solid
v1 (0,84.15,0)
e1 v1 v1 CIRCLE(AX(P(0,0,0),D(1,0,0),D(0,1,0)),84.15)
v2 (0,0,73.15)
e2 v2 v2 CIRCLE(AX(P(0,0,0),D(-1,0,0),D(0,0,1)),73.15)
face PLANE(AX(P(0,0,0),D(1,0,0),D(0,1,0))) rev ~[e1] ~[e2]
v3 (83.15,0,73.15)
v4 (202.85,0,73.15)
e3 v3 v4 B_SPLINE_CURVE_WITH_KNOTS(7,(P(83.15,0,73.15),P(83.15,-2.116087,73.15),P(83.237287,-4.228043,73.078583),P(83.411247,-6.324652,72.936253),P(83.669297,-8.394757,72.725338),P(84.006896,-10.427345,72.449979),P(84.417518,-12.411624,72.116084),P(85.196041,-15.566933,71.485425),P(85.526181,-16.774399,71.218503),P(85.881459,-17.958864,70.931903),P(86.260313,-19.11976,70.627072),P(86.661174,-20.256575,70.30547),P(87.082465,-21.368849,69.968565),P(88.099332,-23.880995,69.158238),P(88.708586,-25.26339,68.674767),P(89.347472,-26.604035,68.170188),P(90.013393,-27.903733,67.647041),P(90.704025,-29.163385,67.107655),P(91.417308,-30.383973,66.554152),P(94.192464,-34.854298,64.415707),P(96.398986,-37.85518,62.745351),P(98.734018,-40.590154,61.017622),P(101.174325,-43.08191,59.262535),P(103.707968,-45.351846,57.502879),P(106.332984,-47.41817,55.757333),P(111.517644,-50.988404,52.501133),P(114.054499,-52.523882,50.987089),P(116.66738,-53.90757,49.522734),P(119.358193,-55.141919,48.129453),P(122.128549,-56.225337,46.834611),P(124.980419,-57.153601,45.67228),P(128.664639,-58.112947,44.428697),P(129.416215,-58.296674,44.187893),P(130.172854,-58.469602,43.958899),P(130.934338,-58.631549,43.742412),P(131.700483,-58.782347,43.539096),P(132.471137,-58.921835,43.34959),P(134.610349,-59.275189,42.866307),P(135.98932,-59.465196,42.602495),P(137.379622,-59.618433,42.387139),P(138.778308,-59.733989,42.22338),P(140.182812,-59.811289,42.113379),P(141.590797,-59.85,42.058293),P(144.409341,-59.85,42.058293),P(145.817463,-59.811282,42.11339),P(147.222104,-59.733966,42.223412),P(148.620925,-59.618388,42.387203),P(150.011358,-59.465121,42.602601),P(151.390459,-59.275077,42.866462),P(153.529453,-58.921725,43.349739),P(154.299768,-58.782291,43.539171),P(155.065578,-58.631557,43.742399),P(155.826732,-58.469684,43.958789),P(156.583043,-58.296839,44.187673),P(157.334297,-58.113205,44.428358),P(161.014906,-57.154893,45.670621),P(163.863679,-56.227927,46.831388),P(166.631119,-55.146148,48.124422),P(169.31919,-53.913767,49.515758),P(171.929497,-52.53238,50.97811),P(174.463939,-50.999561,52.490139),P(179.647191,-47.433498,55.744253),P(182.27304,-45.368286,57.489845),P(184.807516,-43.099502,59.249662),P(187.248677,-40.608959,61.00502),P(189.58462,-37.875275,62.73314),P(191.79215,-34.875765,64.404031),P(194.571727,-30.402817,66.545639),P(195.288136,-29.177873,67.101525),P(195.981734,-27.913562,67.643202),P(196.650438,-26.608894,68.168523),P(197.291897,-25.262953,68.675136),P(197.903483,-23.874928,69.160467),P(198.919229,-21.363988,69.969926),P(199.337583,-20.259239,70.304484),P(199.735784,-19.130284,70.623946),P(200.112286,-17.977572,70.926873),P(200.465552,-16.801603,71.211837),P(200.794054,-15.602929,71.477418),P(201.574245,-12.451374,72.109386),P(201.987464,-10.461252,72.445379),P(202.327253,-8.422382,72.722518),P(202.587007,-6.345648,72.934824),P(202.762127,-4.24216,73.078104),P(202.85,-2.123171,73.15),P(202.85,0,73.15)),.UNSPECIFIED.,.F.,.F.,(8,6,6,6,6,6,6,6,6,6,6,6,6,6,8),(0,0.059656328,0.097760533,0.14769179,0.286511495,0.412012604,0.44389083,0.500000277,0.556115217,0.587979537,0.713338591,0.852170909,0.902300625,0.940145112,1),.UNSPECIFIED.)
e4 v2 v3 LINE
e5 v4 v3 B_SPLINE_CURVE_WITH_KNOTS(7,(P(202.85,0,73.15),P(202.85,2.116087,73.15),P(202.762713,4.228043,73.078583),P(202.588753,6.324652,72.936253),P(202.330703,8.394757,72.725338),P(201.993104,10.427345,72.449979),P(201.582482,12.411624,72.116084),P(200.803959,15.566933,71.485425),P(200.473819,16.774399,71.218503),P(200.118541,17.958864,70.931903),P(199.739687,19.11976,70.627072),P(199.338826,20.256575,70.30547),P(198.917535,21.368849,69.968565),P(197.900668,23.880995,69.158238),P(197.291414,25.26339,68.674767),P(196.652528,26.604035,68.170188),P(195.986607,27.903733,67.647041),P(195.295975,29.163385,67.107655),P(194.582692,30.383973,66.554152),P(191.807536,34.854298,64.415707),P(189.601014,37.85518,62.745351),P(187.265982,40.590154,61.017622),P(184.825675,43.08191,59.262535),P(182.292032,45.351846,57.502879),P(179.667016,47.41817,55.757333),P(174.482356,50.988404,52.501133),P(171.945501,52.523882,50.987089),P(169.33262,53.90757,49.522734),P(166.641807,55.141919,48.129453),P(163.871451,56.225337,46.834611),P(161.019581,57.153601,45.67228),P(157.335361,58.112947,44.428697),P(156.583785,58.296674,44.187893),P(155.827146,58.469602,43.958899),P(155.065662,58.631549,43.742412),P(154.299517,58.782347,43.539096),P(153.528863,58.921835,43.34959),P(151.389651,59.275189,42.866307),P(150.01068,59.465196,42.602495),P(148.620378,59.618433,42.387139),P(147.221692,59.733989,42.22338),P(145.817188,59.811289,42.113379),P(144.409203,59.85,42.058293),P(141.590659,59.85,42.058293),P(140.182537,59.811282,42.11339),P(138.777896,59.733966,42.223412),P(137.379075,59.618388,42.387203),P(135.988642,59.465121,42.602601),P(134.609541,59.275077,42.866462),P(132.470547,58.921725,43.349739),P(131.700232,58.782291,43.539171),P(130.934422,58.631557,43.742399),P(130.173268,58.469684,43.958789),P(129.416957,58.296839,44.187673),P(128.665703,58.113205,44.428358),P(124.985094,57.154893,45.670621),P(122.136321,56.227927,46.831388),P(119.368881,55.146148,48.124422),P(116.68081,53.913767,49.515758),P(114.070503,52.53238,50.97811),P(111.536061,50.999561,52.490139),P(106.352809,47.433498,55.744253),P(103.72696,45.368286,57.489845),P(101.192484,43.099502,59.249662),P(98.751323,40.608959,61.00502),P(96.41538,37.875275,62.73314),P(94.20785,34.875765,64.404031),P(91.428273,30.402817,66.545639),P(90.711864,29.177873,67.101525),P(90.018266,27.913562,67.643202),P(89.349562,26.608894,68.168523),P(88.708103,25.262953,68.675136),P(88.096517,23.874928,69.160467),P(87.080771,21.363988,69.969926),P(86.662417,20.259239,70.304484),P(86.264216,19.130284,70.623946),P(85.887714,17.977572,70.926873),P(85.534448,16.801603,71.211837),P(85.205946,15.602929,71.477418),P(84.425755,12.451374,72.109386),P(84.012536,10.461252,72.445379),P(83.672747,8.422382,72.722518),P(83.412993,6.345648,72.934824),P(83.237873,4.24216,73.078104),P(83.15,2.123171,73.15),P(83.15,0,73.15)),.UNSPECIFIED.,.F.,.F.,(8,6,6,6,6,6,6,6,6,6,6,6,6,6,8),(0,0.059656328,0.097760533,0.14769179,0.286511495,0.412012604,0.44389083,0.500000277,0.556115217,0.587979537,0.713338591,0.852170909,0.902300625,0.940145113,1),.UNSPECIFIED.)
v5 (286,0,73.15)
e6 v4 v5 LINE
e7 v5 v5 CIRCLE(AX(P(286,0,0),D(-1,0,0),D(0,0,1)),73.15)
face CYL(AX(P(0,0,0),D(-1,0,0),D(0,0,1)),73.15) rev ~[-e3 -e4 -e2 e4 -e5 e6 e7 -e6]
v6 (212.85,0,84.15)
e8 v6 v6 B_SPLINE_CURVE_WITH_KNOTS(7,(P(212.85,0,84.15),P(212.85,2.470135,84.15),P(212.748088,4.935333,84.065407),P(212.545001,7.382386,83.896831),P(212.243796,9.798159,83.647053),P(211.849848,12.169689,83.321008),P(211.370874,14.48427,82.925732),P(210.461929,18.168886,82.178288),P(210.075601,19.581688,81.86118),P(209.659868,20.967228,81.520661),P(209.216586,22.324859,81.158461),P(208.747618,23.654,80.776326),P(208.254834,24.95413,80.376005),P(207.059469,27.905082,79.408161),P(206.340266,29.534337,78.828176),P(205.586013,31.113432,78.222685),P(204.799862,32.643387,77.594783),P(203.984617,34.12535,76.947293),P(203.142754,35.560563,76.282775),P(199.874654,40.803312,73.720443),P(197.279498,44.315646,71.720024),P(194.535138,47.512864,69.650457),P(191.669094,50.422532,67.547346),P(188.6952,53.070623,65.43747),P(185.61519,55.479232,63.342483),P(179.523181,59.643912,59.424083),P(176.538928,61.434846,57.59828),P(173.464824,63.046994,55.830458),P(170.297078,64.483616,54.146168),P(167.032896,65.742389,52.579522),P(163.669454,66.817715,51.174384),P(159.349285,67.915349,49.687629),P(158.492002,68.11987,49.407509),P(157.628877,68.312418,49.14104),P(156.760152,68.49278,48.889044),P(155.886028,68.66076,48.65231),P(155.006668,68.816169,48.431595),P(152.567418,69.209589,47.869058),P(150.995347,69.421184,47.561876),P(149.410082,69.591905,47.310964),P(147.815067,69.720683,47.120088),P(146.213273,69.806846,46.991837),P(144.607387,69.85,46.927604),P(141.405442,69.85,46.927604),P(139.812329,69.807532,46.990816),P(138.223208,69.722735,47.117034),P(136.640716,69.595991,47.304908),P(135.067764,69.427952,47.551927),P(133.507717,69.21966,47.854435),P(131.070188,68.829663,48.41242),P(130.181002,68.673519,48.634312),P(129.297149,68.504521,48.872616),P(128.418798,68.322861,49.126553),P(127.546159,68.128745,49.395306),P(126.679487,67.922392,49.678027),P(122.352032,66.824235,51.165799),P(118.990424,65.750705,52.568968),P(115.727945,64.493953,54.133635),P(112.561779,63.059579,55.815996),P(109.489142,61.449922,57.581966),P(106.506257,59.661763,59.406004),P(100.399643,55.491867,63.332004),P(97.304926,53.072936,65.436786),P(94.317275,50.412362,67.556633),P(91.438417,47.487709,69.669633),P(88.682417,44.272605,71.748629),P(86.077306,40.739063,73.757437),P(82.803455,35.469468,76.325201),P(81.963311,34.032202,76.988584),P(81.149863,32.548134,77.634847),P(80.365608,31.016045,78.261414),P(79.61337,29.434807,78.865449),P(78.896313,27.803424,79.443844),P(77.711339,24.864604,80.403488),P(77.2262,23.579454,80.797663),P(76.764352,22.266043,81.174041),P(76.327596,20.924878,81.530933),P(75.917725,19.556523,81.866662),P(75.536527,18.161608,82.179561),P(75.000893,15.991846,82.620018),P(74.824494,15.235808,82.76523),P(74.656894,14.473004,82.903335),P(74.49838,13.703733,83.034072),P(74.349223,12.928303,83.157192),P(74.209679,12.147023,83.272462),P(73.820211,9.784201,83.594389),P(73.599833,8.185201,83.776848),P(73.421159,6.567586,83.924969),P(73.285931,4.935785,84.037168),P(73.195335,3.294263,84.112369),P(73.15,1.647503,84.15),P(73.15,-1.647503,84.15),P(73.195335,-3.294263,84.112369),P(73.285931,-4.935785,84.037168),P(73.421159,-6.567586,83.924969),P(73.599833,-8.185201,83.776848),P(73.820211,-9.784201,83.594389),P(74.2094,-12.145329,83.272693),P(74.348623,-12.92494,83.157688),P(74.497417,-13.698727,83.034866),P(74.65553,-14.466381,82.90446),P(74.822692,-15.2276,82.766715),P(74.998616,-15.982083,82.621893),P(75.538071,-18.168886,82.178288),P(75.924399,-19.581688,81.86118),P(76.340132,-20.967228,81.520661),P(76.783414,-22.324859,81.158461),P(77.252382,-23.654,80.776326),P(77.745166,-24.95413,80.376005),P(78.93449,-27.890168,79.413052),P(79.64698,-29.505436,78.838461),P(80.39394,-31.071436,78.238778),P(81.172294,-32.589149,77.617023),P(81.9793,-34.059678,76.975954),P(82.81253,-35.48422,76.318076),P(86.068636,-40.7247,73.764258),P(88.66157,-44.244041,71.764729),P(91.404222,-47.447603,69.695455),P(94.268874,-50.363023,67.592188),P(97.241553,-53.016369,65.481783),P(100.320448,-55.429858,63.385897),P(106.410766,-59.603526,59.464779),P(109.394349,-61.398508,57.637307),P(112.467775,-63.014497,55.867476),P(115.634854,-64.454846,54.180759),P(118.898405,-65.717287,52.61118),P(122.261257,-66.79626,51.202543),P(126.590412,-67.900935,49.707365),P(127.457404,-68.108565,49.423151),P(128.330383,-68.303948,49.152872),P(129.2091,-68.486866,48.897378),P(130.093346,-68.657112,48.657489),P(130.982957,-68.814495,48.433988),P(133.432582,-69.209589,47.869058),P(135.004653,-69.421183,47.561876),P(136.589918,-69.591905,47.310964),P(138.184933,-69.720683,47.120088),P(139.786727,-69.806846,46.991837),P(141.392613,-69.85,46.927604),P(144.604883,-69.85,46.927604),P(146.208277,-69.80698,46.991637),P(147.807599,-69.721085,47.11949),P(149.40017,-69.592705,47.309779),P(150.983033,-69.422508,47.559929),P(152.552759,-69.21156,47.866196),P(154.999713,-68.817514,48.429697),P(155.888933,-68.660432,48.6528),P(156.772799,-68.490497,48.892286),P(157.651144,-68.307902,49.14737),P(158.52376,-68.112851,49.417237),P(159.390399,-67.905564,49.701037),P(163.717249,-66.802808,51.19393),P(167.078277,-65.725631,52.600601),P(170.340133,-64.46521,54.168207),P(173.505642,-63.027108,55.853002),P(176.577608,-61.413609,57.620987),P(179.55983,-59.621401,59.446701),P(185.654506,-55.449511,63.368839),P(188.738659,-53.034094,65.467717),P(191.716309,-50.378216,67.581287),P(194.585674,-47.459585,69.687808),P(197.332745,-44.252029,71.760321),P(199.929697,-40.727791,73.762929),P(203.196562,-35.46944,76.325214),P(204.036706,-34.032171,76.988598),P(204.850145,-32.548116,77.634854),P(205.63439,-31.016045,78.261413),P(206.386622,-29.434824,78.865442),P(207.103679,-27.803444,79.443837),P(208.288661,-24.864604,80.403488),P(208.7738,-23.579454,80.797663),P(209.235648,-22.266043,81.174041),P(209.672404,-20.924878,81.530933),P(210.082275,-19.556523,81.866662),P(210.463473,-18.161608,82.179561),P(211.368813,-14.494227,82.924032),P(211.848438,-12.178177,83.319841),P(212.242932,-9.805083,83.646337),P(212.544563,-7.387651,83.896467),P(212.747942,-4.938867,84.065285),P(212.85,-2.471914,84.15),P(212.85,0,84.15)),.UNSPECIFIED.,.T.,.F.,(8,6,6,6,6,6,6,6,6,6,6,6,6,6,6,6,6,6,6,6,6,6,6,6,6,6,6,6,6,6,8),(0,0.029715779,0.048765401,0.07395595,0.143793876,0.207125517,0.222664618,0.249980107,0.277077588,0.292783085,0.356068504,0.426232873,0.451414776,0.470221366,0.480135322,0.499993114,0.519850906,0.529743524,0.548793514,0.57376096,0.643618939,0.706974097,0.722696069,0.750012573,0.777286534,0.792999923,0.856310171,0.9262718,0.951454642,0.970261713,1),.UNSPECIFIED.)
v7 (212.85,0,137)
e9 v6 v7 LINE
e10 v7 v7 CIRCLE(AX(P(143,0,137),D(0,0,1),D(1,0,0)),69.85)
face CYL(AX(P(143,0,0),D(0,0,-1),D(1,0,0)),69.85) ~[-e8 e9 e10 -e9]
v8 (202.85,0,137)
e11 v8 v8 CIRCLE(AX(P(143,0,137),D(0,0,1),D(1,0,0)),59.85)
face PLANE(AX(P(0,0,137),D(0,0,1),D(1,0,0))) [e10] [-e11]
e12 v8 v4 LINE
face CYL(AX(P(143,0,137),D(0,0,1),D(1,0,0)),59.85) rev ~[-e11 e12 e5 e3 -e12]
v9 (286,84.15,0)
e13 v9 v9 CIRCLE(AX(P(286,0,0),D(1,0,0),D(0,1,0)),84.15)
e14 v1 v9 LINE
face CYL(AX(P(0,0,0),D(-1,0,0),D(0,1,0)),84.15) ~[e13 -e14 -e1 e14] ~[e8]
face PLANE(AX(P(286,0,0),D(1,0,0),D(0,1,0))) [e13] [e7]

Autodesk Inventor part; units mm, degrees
ref_plane "YZ Plane" through (0, 0, 0) normal (1, 0, 0) x (0, 1, 0)
ref_plane "XZ Plane" through (0, 0, 0) normal (0, 1, 0) x (-1, 0, 0)
ref_plane "XY Plane" through (0, 0, 0) normal (0, 0, 1) x (1, 0, 0)
sketch "Sketch1" plane through (0, 0, 0) normal (1, 0, 0) x (0, 1, 0)
  circle A0 centre (0, 0) radius 84.15
  dimension "d0" = 168.3
extrude "Extrude1" add sketch "Sketch1" along normal blind 286
sketch "Sketch2" plane through (0, 0, 0) normal (0, 0, 1) x (1, 0, 0)
  line L0 (0, 84.15) -> (0, -84.15) projected
  line L1 (286, 84.15) -> (286, -84.15) projected
  line L2 (0, 0) -> (286, 0) construction
  circle A0 centre (143, 0) radius 69.85
  dimension "d3" = 139.7
extrude "Extrude2" add sketch "Sketch2" along normal blind 137
sketch "Sketch3" plane through (0, 0, 0) normal (-1, 0, 0) x (0, 0, 1)
  circle A0 centre (0, 0) radius 84.15 projected
  circle A1 centre (0, 0) radius 73.15
  dimension "a" = 143
  dimension "d6" = 146.3
extrude "Extrude3" cut sketch "Sketch3" against normal through all contours A1
sketch "Sketch4" plane through (143, 0, 137) normal (0, 0, 1) x (1, 0, 0)
  circle A0 centre (0, 0) radius 69.85 projected
  circle A1 centre (0, 0) radius 59.85
  dimension "d9" = 119.7
extrude "Extrude4" cut sketch "Sketch4" against normal up to next contours A1
equation "\"d0\" = D1"
equation "\"d1\" = 2 * a"
equation "\"d3\" = D2"
equation "\"d4\" = b"
equation "\"a\" = 143"
equation "\"d6\" = D1 - 2 * s1"
equation "\"d7\" = a"
equation "\"d9\" = D2 - 2 * s2"
equation "\"d10\" = a"
equation "\"D1\" = 168.3"
equation "\"s1\" = 11"
equation "\"D2\" = 139.7"
equation "\"b\" = 137"
equation "\"Size_Designation\" = 1.2345"
equation "\"s2\" = 10"
properties part number "DIN 2615-1 Reducing Tee 168.3 x 11 - 139.7 x 10 S" material "Steel"
